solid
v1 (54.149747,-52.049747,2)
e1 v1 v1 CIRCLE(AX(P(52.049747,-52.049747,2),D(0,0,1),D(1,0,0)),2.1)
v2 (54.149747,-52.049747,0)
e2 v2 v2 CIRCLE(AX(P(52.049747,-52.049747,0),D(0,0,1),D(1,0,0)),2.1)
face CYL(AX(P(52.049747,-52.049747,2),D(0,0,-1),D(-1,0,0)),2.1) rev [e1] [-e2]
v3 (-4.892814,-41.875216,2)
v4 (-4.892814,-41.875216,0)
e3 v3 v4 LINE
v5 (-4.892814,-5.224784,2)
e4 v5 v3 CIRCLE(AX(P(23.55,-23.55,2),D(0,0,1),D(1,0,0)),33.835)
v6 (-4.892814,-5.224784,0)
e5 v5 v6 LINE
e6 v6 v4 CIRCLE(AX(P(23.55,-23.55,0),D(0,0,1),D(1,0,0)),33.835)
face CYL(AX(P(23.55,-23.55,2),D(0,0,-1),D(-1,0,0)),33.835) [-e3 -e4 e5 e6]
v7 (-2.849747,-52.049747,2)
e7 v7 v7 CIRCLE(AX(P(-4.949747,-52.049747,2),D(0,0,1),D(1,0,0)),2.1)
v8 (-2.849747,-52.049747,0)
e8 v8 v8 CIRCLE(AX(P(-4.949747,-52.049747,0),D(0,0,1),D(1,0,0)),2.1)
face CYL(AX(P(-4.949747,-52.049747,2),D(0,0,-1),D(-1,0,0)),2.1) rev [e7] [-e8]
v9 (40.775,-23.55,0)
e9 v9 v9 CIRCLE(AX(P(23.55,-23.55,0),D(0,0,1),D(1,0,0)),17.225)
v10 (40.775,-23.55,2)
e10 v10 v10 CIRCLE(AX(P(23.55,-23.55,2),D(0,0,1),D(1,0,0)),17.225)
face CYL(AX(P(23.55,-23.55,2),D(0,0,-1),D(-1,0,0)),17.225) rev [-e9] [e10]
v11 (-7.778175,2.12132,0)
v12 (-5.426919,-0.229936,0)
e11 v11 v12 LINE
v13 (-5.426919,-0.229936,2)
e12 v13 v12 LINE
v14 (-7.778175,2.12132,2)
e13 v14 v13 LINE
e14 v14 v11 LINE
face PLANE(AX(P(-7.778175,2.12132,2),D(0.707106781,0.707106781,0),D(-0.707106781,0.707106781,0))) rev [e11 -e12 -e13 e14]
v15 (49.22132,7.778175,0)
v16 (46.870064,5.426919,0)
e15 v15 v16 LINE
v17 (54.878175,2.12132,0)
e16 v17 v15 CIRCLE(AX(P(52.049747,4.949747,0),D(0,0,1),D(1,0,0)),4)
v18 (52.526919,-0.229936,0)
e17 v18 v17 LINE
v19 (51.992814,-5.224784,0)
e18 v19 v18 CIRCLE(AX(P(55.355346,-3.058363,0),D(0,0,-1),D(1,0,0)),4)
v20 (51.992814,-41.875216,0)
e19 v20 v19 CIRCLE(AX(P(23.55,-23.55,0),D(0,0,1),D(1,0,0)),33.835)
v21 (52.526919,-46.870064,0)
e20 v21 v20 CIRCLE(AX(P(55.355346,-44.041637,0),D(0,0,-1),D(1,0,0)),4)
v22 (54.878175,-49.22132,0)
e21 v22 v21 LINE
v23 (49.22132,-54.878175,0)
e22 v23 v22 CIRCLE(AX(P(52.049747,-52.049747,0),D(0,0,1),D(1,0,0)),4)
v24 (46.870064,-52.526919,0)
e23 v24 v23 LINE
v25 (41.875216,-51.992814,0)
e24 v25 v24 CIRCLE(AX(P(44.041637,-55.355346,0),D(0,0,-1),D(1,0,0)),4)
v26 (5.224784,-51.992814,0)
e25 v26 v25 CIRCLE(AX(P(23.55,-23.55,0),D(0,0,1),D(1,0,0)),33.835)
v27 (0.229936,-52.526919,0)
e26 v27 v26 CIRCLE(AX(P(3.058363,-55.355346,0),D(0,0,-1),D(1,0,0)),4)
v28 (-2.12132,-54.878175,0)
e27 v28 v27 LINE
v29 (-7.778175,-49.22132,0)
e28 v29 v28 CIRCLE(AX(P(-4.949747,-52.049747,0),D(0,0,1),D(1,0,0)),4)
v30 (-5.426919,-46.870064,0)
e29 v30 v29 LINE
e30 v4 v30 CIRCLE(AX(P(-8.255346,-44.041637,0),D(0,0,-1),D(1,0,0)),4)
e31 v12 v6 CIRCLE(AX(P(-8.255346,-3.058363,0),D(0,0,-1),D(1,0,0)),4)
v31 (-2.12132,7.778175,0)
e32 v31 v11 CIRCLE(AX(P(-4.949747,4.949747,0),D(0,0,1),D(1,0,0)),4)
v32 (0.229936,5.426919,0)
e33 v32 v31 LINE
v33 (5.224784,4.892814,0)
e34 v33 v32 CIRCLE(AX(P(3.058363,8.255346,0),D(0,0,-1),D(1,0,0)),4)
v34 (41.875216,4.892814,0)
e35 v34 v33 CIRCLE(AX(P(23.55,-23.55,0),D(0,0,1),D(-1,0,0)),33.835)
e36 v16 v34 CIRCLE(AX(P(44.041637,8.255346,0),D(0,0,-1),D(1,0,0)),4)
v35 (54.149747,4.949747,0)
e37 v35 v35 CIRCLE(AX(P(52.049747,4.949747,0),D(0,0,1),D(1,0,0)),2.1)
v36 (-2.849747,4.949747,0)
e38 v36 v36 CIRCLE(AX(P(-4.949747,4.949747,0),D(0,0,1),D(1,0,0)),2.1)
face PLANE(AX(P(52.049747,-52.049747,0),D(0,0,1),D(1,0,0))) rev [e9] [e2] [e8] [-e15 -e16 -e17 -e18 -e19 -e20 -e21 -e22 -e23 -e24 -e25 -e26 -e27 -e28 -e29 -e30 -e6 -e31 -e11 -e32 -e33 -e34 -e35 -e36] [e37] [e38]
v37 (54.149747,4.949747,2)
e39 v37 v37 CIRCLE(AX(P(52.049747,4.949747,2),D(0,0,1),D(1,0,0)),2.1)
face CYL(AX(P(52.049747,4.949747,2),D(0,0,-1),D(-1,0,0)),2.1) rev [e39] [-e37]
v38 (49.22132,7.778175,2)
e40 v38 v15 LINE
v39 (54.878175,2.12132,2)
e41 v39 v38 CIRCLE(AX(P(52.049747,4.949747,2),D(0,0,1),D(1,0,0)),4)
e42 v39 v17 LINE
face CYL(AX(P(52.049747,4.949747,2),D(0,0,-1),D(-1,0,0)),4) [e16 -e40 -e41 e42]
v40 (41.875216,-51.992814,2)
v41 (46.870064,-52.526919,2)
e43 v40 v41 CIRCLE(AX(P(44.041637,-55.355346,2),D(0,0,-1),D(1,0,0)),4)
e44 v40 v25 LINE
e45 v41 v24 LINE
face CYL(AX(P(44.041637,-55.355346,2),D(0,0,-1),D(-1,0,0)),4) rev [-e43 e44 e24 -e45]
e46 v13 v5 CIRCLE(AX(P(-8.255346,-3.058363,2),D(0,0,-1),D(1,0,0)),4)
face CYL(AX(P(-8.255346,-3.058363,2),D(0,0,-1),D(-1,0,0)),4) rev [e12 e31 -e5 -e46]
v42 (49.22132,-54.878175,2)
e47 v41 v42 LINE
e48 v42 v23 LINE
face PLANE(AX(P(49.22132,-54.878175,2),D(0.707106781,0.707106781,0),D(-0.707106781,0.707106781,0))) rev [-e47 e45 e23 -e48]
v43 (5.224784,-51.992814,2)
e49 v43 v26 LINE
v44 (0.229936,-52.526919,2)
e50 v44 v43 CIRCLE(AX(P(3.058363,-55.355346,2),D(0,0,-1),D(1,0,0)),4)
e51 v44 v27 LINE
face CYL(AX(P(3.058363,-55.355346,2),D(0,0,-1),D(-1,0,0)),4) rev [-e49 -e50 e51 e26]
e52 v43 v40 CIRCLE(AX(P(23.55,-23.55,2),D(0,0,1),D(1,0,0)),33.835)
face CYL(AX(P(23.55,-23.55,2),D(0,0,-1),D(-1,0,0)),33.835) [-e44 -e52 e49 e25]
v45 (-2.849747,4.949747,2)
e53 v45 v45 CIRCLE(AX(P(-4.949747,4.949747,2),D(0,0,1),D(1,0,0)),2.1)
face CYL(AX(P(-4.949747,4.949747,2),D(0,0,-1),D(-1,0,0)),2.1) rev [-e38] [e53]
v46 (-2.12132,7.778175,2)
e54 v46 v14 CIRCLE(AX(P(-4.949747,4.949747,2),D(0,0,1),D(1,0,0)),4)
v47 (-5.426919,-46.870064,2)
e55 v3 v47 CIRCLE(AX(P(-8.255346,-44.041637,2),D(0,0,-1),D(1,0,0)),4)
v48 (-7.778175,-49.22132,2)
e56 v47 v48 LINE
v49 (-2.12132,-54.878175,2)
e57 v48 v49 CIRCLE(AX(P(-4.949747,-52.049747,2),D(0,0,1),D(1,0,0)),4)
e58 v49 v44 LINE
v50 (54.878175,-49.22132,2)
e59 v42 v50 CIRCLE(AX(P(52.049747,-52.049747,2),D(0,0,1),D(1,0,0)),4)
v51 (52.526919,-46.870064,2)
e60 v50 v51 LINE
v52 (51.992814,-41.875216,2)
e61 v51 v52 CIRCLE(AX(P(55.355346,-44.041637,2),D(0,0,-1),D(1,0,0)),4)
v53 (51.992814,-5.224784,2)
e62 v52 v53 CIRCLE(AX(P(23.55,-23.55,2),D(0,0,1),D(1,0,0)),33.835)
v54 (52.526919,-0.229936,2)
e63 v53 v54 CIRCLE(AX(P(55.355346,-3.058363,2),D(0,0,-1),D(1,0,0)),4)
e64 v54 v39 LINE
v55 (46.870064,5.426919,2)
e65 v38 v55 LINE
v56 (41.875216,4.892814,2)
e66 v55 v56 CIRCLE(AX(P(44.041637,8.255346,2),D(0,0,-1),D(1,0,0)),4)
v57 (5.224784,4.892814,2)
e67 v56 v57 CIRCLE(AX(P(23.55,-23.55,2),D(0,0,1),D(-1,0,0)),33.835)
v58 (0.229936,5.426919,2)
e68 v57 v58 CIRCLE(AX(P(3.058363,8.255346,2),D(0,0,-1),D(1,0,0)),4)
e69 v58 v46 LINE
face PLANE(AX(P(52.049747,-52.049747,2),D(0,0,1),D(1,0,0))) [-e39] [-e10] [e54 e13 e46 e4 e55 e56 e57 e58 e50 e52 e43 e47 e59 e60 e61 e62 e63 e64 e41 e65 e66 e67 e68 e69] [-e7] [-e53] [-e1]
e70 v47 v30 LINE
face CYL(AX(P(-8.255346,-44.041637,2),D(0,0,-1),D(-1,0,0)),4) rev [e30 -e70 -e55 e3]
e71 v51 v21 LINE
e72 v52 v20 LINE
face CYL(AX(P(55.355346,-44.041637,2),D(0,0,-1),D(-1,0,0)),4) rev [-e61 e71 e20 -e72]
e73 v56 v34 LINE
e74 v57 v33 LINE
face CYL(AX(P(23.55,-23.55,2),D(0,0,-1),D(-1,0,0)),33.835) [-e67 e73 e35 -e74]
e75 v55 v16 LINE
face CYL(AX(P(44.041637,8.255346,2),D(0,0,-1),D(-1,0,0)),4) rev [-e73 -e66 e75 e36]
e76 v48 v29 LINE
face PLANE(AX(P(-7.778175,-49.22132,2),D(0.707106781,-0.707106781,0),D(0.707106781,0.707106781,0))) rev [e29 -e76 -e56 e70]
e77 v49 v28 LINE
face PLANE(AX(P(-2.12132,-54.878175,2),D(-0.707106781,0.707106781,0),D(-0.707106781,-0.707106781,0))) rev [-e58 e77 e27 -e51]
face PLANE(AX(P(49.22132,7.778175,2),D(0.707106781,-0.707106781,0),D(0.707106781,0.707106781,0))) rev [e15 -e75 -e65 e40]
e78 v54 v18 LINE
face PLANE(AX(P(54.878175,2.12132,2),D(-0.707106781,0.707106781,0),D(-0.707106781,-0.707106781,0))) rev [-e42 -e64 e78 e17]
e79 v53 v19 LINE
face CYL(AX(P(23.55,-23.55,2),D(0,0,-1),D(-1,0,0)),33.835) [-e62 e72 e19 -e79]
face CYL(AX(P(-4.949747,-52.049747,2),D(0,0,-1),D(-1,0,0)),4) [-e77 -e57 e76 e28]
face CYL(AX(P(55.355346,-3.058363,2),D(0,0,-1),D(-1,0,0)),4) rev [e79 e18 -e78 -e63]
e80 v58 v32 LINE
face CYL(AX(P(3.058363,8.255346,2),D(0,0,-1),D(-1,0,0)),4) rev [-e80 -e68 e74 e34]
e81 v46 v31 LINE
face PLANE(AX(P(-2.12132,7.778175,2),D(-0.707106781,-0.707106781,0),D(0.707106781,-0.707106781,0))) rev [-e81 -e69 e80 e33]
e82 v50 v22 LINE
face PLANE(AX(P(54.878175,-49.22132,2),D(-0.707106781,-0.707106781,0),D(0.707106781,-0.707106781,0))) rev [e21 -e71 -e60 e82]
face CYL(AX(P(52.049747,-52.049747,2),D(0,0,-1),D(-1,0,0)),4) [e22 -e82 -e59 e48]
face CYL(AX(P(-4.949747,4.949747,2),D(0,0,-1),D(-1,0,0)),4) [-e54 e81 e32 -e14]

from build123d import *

# Parameters (mm, degrees)
SKETCH_1_R      = 2.1
SKETCH_1_R_2    = 17.225
EXTRUDE_1_DEPTH = 2


with BuildPart() as part:
    # 草图1 → 凸台-拉伸1 (new body)
    with BuildSketch(Plane.XY):
        with BuildLine():
            Line((49.221320344, -54.878174593), (46.870064467, -52.526918716))
            ThreePointArc((46.870064467, -52.526918716), (44.466937039, -51.378020085), (41.875216055, -51.992814233))
            ThreePointArc((41.875216055, -51.992814233), (23.55, -57.385), (5.224783944, -51.992814233))
            ThreePointArc((5.224783944, -51.992814233), (2.633062961, -51.378020085), (0.229935533, -52.526918716))
            Line((0.229935533, -52.526918716), (-2.121320344, -54.878174593))
            ThreePointArc((-2.121320344, -54.878174593), (-7.778174593, -54.878174593), (-7.778174593, -49.221320343))
            Line((-7.778174593, -49.221320343), (-5.426918716, -46.870064466))
            ThreePointArc((-5.426918716, -46.870064466), (-4.278020085, -44.466937039), (-4.892814233, -41.875216055))
            ThreePointArc((-4.892814233, -41.875216055), (-10.285, -23.55), (-4.892814233, -5.224783944))
            ThreePointArc((-4.892814233, -5.224783944), (-4.278020085, -2.633062961), (-5.426918716, -0.229935533))
            Line((-5.426918716, -0.229935533), (-7.778174593, 2.121320344))
            ThreePointArc((-7.778174593, 2.121320344), (-7.778174593, 7.778174593), (-2.121320343, 7.778174593))
            Line((-2.121320343, 7.778174593), (0.229935534, 5.426918716))
            ThreePointArc((0.229935534, 5.426918716), (2.633062962, 4.278020085), (5.224783945, 4.892814234))
            ThreePointArc((5.224783945, 4.892814234), (23.55, 10.285), (41.875216056, 4.892814233))
            ThreePointArc((41.875216056, 4.892814233), (44.466937039, 4.278020085), (46.870064467, 5.426918716))
            Line((46.870064467, 5.426918716), (49.221320344, 7.778174593))
            ThreePointArc((49.221320344, 7.778174593), (54.878174593, 7.778174593), (54.878174593, 2.121320344))
            Line((54.878174593, 2.121320344), (52.526918716, -0.229935533))
            ThreePointArc((52.526918716, -0.229935533), (51.378020085, -2.633062961), (51.992814234, -5.224783945))
            ThreePointArc((51.992814234, -5.224783945), (57.385, -23.55), (51.992814233, -41.875216055))
            ThreePointArc((51.992814233, -41.875216055), (51.378020085, -44.466937039), (52.526918716, -46.870064467))
            Line((52.526918716, -46.870064467), (54.878174593, -49.221320344))
            ThreePointArc((54.878174593, -49.221320344), (54.878174593, -54.878174593), (49.221320344, -54.878174593))
        make_face()
        with Locations((52.049747468, -52.049747468)):
            Circle(SKETCH_1_R, mode=Mode.SUBTRACT)
        with Locations((-4.949747468, -52.049747468)):
            Circle(SKETCH_1_R, mode=Mode.SUBTRACT)
        with Locations((-4.949747468, 4.949747468)):
            Circle(SKETCH_1_R, mode=Mode.SUBTRACT)
        with Locations((52.049747468, 4.949747468)):
            Circle(SKETCH_1_R, mode=Mode.SUBTRACT)
        with Locations((23.55, -23.55)):
            Circle(SKETCH_1_R_2, mode=Mode.SUBTRACT)
    extrude(amount=EXTRUDE_1_DEPTH)


solid = part.part
